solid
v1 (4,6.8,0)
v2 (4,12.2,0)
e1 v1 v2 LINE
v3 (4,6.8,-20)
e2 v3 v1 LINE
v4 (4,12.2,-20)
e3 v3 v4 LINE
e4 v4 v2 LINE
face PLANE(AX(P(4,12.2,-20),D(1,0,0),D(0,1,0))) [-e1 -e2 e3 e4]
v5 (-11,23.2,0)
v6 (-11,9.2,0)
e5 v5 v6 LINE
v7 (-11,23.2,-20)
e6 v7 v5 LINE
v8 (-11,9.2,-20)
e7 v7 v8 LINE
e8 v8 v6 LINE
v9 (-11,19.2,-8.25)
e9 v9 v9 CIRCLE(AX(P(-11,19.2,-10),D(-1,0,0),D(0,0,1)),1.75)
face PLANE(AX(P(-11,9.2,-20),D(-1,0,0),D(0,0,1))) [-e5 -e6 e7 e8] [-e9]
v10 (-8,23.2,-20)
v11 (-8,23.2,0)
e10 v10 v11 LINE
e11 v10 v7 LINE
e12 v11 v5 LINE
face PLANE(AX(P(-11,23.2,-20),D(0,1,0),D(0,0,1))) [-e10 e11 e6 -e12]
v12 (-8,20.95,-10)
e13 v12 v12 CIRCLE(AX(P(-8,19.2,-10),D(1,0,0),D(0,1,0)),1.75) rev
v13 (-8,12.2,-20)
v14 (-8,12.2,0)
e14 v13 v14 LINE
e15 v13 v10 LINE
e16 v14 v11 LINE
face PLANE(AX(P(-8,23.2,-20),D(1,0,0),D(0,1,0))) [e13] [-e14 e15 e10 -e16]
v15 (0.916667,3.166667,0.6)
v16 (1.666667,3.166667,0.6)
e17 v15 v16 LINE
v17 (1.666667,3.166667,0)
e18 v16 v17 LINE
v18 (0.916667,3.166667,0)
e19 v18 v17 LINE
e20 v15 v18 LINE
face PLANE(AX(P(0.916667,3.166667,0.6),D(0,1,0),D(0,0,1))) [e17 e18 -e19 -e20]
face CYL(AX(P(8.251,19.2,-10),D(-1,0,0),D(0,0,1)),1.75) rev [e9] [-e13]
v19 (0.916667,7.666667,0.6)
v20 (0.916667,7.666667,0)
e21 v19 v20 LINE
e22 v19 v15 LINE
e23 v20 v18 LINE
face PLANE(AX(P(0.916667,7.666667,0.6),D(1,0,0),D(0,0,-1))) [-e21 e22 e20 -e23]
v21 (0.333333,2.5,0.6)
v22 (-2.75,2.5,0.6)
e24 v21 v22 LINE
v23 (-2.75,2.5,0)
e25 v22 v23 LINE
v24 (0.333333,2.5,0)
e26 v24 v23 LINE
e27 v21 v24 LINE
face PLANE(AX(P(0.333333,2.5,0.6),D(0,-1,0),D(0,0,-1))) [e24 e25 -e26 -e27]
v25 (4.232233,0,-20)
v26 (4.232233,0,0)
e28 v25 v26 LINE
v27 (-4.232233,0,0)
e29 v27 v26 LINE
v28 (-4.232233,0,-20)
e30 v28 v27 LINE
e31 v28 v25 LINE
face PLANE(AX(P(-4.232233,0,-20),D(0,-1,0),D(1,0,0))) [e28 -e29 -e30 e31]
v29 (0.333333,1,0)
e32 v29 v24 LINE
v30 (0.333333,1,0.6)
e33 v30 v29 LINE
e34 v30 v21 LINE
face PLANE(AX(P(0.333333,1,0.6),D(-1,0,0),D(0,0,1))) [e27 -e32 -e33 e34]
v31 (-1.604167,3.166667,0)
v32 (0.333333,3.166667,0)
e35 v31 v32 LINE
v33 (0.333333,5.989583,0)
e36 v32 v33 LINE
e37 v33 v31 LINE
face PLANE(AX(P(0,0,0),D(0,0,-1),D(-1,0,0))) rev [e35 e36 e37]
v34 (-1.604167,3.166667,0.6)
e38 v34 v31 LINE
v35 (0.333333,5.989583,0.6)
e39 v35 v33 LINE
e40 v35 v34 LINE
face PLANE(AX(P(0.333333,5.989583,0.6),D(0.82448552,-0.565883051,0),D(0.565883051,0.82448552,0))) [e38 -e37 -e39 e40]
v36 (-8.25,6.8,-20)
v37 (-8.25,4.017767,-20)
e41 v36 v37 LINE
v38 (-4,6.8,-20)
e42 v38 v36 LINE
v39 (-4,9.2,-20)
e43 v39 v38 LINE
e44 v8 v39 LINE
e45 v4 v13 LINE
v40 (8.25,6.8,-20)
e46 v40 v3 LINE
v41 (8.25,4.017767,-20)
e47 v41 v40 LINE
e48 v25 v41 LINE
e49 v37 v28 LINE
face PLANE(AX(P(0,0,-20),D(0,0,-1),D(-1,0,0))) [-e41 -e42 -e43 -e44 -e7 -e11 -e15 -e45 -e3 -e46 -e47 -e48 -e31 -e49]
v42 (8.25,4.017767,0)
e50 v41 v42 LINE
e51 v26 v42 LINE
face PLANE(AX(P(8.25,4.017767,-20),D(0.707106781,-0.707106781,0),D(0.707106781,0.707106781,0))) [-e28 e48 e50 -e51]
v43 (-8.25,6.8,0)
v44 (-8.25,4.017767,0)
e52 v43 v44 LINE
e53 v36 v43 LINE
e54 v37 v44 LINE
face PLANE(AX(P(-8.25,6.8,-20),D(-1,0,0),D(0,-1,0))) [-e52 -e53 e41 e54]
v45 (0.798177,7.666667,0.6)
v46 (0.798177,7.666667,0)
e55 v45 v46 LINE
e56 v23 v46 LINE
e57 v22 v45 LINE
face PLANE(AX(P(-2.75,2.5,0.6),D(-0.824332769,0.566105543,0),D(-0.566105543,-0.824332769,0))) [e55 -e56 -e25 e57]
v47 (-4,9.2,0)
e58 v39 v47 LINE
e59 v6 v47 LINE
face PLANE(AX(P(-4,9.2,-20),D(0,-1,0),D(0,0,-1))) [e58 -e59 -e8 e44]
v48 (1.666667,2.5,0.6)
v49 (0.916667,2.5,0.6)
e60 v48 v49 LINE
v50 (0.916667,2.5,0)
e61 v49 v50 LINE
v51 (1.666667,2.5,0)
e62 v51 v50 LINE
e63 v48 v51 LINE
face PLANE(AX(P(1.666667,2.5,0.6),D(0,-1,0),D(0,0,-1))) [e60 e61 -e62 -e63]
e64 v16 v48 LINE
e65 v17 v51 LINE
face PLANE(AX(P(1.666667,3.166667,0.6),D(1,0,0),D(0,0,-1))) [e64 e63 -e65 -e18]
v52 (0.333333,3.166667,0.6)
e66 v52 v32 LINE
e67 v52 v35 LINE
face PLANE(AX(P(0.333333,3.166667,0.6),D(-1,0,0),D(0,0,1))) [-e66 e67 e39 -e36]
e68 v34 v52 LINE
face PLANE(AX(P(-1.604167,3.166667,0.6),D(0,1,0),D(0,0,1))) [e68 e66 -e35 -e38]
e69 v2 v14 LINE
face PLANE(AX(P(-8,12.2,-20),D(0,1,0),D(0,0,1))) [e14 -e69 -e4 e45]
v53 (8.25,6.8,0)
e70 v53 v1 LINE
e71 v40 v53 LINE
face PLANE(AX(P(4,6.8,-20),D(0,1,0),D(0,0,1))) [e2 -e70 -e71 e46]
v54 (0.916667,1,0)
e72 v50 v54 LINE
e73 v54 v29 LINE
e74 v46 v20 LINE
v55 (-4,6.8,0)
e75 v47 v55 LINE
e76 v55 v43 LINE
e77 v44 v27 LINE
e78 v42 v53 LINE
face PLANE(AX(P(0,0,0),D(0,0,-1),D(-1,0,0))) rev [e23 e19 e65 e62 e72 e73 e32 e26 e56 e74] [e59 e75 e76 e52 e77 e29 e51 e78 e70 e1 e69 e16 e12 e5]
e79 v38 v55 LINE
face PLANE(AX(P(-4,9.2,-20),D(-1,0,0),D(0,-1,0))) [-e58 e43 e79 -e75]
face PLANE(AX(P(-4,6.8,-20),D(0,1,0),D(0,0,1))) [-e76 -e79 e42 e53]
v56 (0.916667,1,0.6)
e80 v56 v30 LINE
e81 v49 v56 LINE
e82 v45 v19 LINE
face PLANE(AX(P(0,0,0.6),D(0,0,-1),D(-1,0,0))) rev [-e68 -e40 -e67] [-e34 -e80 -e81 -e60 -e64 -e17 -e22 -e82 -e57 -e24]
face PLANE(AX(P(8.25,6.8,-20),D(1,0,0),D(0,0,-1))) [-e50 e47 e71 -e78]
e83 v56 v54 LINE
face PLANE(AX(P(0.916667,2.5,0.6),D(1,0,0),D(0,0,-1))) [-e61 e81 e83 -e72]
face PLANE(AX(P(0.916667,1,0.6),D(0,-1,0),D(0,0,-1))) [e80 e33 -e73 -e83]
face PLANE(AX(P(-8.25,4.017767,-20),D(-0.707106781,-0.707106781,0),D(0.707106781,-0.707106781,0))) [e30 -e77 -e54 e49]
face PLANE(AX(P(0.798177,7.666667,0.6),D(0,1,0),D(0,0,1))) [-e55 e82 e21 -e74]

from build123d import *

# Parameters (mm, degrees)
ESTRUSIONE_ESTRUSIONE1_DEPTH = 20
TAGLIO_ESTRUSIONE1_REACH     = 38.177
SCHIZZO6_R                   = 1.75
ESTRUSIONE_ESTRUSIONE2_DEPTH = 0.6


with BuildPart() as part:
    # Schizzo2 → Estrusione-Estrusione1 (new body)
    with BuildSketch(Plane.XY):
        Polygon((-4, 9.2), (-11, 9.2), (-11, 23.2), (-8, 23.2), (-8, 12.2), (4, 12.2), (4, 9.2), (4, 6.8), (8.25, 6.8), (8.25, 4.017766953), (4.232233047, 0), (-4.232233047, 0), (-8.25, 4.017766953), (-8.25, 6.8), (-4, 6.8), align=None)
    extrude(amount=-ESTRUSIONE_ESTRUSIONE1_DEPTH)

    # Schizzo6 → Taglio-Estrusione1 (cut, up to next)
    with BuildSketch(Plane.ZY.offset(11), mode=Mode.PRIVATE) as taglio_estrusione1_sk1:
        with Locations((-10, 19.2)):
            Circle(SCHIZZO6_R)
    taglio_estrusione1_tool1 = extrude(taglio_estrusione1_sk1.sketch, amount=-TAGLIO_ESTRUSIONE1_REACH, mode=Mode.PRIVATE) & part.part
    add(taglio_estrusione1_tool1.solids().sort_by_distance((-11, 19.2, -10))[0], mode=Mode.SUBTRACT)

    # Schizzo7 → Estrusione-Estrusione2 (add)
    with BuildSketch(Plane.XY):
        Polygon((0.798177083, 7.666666667), (0.916666667, 7.666666667), (0.916666667, 3.166666667), (1.666666667, 3.166666667), (1.666666667, 2.5), (0.916666667, 2.5), (0.916666667, 1), (0.333333333, 1), (0.333333333, 2.5), (-2.75, 2.5), align=None)
        Polygon((0.333333333, 3.166666667), (0.333333333, 5.989583333), (-1.604166667, 3.166666667), align=None, mode=Mode.SUBTRACT)
    extrude(amount=ESTRUSIONE_ESTRUSIONE2_DEPTH)


solid = part.part
